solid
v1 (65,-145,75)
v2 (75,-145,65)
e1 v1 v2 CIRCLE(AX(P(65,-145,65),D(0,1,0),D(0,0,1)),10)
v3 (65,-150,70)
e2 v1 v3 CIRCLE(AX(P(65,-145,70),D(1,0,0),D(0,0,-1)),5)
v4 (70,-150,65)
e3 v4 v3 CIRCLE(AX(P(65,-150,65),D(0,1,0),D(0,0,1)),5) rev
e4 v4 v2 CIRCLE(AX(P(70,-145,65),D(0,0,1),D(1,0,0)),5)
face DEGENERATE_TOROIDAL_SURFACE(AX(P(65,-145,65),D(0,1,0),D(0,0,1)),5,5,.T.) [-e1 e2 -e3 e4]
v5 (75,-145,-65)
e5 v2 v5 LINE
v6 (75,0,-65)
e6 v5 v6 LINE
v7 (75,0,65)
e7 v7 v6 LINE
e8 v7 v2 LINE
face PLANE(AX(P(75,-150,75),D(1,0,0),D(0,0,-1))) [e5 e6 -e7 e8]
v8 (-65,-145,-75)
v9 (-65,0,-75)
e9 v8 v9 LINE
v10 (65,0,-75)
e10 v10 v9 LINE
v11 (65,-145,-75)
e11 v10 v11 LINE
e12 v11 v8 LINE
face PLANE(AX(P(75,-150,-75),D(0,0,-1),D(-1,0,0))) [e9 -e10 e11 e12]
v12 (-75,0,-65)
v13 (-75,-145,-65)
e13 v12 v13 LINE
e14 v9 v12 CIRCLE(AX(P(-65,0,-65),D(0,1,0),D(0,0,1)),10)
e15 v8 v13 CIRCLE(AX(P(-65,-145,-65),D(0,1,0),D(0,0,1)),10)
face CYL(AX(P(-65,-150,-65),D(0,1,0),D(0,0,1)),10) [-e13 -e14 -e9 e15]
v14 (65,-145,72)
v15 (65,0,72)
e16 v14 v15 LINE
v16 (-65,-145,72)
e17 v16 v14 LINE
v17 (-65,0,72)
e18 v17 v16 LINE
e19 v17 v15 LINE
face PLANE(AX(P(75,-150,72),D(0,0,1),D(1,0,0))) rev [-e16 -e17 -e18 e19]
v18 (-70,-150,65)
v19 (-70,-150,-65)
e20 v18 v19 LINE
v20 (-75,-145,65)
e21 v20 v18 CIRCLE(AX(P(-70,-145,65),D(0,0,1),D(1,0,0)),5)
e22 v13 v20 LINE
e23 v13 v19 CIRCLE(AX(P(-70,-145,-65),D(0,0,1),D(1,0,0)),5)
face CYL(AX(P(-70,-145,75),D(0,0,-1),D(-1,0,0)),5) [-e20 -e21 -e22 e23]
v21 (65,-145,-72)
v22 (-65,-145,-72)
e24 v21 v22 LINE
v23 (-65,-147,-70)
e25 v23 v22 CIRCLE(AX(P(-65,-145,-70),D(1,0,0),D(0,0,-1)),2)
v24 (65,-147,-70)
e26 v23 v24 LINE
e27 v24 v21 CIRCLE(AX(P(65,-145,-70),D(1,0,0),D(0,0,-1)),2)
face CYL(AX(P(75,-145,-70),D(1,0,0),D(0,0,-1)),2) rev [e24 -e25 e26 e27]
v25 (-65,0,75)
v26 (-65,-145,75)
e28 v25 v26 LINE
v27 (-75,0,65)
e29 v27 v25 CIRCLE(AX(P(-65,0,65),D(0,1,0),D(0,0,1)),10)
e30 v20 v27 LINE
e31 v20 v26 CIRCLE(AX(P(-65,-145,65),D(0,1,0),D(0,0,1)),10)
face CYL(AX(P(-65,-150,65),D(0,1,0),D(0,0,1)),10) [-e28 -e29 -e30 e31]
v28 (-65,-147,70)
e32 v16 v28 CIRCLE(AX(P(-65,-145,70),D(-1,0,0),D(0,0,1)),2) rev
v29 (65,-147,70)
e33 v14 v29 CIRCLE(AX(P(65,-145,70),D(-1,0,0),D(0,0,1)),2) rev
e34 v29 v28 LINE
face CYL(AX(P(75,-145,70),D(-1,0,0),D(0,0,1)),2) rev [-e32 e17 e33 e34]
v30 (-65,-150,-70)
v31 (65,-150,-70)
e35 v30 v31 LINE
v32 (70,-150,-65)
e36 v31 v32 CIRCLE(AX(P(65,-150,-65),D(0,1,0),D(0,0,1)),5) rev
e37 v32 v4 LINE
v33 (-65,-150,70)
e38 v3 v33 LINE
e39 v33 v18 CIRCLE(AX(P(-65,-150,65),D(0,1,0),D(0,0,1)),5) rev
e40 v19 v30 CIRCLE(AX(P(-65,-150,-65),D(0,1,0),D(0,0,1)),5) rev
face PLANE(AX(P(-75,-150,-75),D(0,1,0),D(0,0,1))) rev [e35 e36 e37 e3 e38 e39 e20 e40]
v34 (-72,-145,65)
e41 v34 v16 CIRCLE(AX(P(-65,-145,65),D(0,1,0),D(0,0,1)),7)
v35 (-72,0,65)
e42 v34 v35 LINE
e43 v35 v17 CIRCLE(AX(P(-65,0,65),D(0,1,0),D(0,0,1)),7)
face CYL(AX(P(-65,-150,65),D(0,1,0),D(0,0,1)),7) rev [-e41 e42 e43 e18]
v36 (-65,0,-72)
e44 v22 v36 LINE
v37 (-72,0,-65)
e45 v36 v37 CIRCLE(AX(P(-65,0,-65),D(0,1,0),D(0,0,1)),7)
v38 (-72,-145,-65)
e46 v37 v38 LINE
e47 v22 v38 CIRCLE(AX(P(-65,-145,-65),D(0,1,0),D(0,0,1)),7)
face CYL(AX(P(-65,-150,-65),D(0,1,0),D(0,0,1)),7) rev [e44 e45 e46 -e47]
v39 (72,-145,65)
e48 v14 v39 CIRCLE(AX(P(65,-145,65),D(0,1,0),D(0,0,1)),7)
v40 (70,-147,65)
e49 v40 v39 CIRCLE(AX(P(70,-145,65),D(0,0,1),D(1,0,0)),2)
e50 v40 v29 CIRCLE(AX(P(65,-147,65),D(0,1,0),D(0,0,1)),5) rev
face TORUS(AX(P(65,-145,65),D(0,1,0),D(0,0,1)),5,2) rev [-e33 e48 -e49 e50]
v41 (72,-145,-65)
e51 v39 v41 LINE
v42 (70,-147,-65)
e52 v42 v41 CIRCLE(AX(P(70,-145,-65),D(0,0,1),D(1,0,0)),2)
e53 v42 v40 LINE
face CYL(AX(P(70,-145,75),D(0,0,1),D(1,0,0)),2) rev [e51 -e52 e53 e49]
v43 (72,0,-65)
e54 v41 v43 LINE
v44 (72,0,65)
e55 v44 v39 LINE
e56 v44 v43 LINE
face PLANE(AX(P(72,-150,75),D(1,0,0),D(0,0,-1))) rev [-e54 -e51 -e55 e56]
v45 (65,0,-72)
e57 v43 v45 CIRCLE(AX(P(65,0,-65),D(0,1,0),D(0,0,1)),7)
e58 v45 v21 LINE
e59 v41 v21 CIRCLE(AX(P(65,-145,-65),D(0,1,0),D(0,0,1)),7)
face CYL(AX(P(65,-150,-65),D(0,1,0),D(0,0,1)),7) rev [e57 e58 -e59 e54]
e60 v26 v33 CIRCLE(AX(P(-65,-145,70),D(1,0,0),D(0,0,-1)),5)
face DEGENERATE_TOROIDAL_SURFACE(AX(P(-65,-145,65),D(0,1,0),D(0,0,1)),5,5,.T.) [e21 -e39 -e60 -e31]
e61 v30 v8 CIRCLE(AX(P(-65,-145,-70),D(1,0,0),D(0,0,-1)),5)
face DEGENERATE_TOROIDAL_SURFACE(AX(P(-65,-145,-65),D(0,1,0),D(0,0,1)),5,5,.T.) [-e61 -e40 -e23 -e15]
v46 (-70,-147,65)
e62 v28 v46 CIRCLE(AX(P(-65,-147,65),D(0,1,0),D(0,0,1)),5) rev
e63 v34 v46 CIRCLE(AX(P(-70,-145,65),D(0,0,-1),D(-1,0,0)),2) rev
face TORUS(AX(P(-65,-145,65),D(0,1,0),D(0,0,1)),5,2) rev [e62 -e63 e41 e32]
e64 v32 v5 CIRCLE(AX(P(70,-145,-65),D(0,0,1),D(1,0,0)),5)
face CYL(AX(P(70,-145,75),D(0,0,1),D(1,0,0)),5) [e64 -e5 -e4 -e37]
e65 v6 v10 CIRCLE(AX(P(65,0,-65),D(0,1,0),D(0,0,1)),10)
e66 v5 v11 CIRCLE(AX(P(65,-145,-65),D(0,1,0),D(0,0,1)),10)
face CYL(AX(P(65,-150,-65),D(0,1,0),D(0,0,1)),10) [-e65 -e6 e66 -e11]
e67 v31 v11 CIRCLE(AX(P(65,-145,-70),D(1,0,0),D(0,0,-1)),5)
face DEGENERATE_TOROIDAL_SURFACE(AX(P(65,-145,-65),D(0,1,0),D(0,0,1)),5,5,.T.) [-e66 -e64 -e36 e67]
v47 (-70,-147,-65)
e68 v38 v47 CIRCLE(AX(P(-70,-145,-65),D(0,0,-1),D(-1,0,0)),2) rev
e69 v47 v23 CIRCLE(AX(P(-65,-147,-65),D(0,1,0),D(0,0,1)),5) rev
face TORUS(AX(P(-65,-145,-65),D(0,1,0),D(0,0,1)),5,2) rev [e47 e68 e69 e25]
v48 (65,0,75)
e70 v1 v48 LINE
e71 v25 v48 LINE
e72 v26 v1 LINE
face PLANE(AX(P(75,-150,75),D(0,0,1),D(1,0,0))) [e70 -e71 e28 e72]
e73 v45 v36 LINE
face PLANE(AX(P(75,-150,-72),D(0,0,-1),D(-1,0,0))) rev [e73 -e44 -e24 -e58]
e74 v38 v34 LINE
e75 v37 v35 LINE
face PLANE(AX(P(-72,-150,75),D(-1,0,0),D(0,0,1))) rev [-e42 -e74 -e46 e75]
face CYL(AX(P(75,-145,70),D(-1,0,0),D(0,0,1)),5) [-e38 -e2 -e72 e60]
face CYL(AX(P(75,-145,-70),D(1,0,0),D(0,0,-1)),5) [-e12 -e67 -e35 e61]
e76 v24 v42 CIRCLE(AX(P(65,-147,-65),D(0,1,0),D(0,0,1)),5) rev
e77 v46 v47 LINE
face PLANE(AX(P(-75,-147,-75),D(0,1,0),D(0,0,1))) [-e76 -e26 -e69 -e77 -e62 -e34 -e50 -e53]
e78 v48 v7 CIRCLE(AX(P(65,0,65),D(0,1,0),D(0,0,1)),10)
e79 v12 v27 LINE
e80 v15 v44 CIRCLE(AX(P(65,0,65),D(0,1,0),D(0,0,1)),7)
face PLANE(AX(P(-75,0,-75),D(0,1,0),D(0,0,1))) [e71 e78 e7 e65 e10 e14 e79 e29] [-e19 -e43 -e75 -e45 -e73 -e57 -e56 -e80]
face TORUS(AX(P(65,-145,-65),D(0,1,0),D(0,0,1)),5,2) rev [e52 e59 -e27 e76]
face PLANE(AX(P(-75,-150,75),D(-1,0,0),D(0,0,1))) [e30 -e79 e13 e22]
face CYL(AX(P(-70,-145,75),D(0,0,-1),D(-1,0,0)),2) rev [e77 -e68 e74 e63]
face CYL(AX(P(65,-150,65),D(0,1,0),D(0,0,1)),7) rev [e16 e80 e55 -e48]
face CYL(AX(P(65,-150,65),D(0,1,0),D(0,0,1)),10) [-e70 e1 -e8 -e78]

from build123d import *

# Parameters (mm, degrees)
CROQUIS1_W     = 150
CROQUIS1_H     = 150
EXTRUIR1_DEPTH = 150
REDONDEO1_R    = 10
REDONDEO2_R    = 5
VACIADO1_T     = -3


with BuildPart() as part:
    # Croquis1 → Extruir1 (new body)
    with BuildSketch(Plane(origin=(0, 0, 0), x_dir=(1, 0, 0), z_dir=(0, 1, 0))):
        Rectangle(CROQUIS1_W, CROQUIS1_H)
    extrude(amount=-EXTRUIR1_DEPTH)

    # Redondeo1
    redondeo1_edges = [part.edges().sort_by_distance(p)[0] for p in [
        (-75, -75, -75),
        (75, -75, -75),
        (75, -75, 75),
        (-75, -75, 75),
    ]]
    fillet(redondeo1_edges, radius=REDONDEO1_R)

    # Redondeo2
    redondeo2_edges = [part.edges().sort_by_distance(p)[0] for p in [
        (-75, -150, 0),
        (0, -150, 75),
        (0, -150, -75),
        (75, -150, 0),
        (72.071067812, -150, -72.071067812),
        (72.071067812, -150, 72.071067812),
        (-72.071067812, -150, -72.071067812),
        (-72.071067812, -150, 72.071067812),
    ]]
    fillet(redondeo2_edges, radius=REDONDEO2_R)

    # Vaciado1
    vaciado1_openings = [part.faces().sort_by_distance(p)[0] for p in [
        (0, 0, 0),
    ]]
    offset(amount=VACIADO1_T, openings=vaciado1_openings, kind=Kind.INTERSECTION)


solid = part.part
